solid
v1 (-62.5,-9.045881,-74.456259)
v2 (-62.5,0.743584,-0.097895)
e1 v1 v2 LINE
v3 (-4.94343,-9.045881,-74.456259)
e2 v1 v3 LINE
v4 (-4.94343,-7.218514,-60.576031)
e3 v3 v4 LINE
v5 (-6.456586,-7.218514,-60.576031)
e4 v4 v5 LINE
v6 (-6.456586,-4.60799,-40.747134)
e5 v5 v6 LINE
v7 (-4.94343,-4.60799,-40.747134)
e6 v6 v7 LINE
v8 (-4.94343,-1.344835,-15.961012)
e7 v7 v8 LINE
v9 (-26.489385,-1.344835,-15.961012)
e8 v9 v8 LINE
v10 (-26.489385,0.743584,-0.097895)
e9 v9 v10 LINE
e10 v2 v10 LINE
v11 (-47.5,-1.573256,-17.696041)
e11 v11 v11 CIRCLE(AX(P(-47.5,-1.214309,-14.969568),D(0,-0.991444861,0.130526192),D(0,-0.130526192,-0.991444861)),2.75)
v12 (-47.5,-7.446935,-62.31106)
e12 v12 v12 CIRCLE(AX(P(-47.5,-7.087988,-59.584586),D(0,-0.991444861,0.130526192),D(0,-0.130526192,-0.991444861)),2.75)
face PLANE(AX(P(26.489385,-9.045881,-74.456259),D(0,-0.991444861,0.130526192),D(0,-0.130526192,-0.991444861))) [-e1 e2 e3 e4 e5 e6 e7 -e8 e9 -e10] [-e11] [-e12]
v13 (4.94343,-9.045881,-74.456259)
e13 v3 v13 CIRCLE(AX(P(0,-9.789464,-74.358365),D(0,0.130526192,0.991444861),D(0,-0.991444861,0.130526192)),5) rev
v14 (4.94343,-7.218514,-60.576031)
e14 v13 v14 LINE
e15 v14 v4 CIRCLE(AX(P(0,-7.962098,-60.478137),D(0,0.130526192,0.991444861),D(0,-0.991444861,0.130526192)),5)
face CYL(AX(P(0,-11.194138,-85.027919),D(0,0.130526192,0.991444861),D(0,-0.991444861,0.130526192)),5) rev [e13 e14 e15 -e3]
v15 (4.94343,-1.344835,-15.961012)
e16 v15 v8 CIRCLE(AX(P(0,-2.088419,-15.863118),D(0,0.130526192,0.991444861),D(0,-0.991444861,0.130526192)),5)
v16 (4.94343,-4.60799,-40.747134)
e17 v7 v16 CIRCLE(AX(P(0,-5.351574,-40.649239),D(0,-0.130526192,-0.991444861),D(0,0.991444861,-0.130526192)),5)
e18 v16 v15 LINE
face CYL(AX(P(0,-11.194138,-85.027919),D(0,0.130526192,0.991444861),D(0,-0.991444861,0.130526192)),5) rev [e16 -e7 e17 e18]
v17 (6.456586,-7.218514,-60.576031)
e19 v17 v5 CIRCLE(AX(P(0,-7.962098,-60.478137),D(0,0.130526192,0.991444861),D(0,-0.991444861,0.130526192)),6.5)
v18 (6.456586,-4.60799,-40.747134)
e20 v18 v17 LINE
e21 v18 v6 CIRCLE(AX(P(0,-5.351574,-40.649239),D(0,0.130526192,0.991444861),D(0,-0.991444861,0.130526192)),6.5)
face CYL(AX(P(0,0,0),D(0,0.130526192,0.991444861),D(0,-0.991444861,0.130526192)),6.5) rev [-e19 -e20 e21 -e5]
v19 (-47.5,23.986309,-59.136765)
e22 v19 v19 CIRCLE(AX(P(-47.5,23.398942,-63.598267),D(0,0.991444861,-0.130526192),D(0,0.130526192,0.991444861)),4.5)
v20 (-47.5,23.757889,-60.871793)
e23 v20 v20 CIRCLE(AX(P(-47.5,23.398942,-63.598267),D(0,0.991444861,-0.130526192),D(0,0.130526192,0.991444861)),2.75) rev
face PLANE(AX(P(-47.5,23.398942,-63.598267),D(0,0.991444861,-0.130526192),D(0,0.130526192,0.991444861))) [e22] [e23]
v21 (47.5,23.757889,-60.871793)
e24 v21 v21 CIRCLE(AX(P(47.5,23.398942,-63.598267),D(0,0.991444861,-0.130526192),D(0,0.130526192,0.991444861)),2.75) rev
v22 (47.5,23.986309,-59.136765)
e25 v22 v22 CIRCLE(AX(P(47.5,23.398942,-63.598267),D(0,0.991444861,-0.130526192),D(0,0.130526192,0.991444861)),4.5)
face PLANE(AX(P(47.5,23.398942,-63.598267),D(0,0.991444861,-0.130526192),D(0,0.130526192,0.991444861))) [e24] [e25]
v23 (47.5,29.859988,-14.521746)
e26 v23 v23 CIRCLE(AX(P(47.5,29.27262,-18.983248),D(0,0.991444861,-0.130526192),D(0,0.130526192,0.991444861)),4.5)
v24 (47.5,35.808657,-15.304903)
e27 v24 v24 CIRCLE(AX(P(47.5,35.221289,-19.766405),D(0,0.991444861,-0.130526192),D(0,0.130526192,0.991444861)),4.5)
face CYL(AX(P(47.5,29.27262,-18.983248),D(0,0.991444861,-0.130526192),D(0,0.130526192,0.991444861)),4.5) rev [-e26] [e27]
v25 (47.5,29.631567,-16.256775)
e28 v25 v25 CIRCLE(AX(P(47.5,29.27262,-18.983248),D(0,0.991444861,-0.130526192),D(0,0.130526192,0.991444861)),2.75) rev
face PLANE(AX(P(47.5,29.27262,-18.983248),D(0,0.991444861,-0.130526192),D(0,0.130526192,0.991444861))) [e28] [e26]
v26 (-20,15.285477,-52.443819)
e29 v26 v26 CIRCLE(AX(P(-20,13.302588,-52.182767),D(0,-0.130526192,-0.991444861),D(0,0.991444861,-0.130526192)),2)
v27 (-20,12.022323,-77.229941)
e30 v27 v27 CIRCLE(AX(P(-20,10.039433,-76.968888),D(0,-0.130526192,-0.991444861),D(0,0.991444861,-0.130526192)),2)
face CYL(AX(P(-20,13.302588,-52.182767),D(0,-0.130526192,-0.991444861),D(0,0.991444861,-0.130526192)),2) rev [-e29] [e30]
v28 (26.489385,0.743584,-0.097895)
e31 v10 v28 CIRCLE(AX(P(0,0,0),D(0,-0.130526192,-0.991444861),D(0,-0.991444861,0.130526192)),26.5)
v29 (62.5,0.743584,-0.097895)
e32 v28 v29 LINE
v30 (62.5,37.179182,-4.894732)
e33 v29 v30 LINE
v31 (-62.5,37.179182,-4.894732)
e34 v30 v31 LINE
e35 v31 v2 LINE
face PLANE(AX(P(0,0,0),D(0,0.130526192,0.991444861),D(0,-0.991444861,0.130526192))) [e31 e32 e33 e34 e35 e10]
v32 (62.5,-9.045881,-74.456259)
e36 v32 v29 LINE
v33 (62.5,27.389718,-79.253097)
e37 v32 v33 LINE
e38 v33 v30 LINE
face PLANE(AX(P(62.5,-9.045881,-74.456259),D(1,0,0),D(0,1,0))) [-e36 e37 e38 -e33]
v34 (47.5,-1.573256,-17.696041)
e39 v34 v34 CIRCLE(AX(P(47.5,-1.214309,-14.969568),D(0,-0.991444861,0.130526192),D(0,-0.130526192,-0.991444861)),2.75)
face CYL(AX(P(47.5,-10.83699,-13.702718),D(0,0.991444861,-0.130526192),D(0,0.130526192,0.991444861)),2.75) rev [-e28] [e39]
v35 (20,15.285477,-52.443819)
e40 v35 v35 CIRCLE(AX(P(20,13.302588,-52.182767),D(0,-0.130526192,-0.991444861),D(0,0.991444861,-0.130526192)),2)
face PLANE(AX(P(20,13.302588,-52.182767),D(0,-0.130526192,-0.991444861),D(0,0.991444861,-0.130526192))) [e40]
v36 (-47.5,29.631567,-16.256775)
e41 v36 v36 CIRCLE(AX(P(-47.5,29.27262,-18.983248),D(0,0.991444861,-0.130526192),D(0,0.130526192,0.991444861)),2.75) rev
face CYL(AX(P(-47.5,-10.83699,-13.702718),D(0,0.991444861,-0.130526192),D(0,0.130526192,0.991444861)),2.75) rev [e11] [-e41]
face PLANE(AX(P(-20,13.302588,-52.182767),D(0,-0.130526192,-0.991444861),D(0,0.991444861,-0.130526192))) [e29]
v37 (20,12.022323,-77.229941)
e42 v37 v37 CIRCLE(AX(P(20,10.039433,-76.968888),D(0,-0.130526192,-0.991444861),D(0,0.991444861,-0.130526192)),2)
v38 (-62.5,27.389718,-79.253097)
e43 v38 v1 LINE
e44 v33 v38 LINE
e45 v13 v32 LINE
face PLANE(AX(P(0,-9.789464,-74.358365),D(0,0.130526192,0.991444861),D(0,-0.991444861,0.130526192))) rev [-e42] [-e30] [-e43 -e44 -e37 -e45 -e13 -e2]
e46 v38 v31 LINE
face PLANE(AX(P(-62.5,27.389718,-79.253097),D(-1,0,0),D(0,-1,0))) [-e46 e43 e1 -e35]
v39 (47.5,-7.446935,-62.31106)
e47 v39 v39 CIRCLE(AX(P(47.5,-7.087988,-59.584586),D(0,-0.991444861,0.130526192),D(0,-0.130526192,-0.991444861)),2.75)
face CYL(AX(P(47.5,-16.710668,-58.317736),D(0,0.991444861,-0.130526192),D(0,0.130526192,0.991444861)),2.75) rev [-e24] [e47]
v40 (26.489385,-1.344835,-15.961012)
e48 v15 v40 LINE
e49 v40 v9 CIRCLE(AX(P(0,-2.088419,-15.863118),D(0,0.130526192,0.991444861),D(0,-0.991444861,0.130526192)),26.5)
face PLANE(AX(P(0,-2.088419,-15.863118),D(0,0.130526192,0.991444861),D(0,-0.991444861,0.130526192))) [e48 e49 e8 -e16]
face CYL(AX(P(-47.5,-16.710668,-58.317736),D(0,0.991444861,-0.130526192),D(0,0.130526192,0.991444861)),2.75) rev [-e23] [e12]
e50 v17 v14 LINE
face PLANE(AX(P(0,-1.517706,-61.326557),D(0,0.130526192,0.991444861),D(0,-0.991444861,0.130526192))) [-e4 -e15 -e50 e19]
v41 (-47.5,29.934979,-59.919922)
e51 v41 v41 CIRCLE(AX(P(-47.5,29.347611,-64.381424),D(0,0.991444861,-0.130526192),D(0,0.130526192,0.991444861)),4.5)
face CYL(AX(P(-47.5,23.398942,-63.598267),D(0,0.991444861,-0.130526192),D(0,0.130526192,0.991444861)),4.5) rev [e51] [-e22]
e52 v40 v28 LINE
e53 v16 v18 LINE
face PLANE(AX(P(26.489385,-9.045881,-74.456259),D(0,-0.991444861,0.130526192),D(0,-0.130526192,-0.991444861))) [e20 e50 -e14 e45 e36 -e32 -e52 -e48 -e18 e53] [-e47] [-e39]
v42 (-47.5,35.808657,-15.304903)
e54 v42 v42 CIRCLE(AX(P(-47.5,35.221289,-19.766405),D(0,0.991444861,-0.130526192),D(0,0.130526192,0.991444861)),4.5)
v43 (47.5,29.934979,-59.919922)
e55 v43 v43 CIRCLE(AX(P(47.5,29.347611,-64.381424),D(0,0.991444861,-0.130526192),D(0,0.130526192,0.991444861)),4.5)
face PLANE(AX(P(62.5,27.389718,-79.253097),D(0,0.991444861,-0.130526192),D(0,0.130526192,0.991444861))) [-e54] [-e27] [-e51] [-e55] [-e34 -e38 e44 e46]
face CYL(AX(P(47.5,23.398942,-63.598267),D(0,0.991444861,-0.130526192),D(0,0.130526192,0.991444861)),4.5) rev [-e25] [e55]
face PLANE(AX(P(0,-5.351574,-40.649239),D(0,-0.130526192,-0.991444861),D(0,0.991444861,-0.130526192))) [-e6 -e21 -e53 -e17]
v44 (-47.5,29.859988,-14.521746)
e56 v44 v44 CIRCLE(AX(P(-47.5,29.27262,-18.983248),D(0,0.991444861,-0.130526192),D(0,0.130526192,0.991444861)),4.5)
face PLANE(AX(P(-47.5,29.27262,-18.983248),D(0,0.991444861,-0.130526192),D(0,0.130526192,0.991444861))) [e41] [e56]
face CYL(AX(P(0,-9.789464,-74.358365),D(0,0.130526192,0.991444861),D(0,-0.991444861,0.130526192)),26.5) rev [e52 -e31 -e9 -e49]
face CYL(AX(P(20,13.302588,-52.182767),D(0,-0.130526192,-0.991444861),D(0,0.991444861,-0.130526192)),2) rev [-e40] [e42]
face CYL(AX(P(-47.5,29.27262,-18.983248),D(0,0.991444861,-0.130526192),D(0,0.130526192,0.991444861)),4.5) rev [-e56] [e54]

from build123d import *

# Parameters (mm, degrees)
EXTRUDE_TOP_BLOCK_DEPTH             = 75
CUT_EXTRUDE_BOLT_PATTERN_DEPTH      = 108.574034239
CUT_EXTRUDE_BOLT_PATTERN_DEPTH_BACK = 108.574034239
SKETCH2_R                           = 2.75
EXTRUDE_START                       = -16
EXTRUDE_ADDITION_MATERIAL_DEPTH     = 59
CUT_EXTRUDE_SHAFT_PATHWAY_REACH     = 99.296
SKETCH7_R                           = 2
CUT_EXTRUDE1_DEPTH                  = 25
SKETCH8_R                           = 4.5
CUT_EXTRUDE2_DEPTH                  = 6


with BuildPart() as part:
    # Sketch1 → Extrude Top Block (new body)
    with BuildSketch(Plane(origin=(0, 0, 0), x_dir=(1, 0, 0), z_dir=(0, 0.13052619222003847, 0.9914448613738122))):
        with BuildLine():
            Line((62.5, 0.75), (62.5, 37.5))
            Line((62.5, 37.5), (-62.5, 37.5))
            Line((-62.5, 37.5), (-62.5, 0.75))
            Line((-62.5, 0.75), (-26.489384666, 0.75))
            ThreePointArc((-26.489384666, 0.75), (0, 26.5), (26.489384666, 0.75))
            Line((26.489384666, 0.75), (62.5, 0.75))
        make_face()
    extrude(amount=-EXTRUDE_TOP_BLOCK_DEPTH)

    # Sketch2 → Cut-Extrude Bolt Pattern (cut, two sides: drawn at the far end of the back side and taken through both)
    with BuildSketch(Plane(origin=(0, 37.179182302, -4.894732208), x_dir=(1, 0, 0), z_dir=(0, 0.9914448613738122, -0.13052619222003847)).offset(-CUT_EXTRUDE_BOLT_PATTERN_DEPTH_BACK)):
        with Locations(Location((-47.5, 15, 0), (0, 0, 270))):
            Circle(SKETCH2_R)
        with Locations(Location((-47.5, 60, 0), (0, 0, 270))):
            Circle(SKETCH2_R)
        with Locations(Location((47.5, 15, 0), (0, 0, 270))):
            Circle(SKETCH2_R)
        with Locations(Location((47.5, 60, 0), (0, 0, 270))):
            Circle(SKETCH2_R)
    extrude(amount=CUT_EXTRUDE_BOLT_PATTERN_DEPTH + CUT_EXTRUDE_BOLT_PATTERN_DEPTH_BACK, mode=Mode.SUBTRACT)

    # Sketch4 → Extrude Addition Material (add)
    with BuildSketch(Plane(origin=(0, 0, 0), x_dir=(1, 0, 0), z_dir=(0, 0.13052619222003847, 0.9914448613738122)).offset(EXTRUDE_START)):
        with BuildLine():
            Line((-26.489384666, 0.75), (26.489384666, 0.75))
            ThreePointArc((26.489384666, 0.75), (0, 26.5), (-26.489384666, 0.75))
        make_face()
    extrude(amount=-EXTRUDE_ADDITION_MATERIAL_DEPTH)

    # Sketch3 → Cut-Extrude Seat for Linear Bearing (revolve, cut)
    with BuildSketch(Plane(origin=(0, 0, 0), x_dir=(0, 0, -1), z_dir=(1, 0, 0))):
        Polygon((41.497659566, 1.092817718), (61.326556793, -1.517706126), (60.478136544, -7.962097725), (40.649239316, -5.351573881), align=None)
    revolve(axis=Axis((0, 0, 0), (0, -0.1305261922200383, -0.9914448613738122)), mode=Mode.SUBTRACT)

    # Cut-Extrude Shaft Pathway: up to this face of the body (flat: up to its plane)
    cut_extrude_shaft_pathway_end = Plane(part.part.faces().sort_by_distance((0, 9.171918557, -76.854678029))[0])
    # Sketch6 → Cut-Extrude Shaft Pathway (cut, up to the picked face)
    with BuildSketch(Plane(origin=(0, -2.088419076, -15.863117782), x_dir=(1, 0, 0), z_dir=(0, 0.13052619222003847, 0.9914448613738122)), mode=Mode.PRIVATE) as cut_extrude_shaft_pathway_sk1:
        with BuildLine():
            Line((-4.943429983, 0.75), (4.943429983, 0.75))
            ThreePointArc((4.943429983, 0.75), (0, 5), (-4.943429983, 0.75))
        make_face()
    cut_extrude_shaft_pathway_tool1 = split(extrude(cut_extrude_shaft_pathway_sk1.sketch, amount=-CUT_EXTRUDE_SHAFT_PATHWAY_REACH, mode=Mode.PRIVATE), bisect_by=cut_extrude_shaft_pathway_end, keep=Keep.BOTH, mode=Mode.PRIVATE)
    add(cut_extrude_shaft_pathway_tool1.solids().sort_by(Axis((0, 0.422663, -16.193708), (0, -0.13052619222003847, -0.9914448613738122)))[0], mode=Mode.SUBTRACT)

    # Sketch7 → Cut-Extrude1 (cut)
    with BuildSketch(Plane(origin=(0, -9.789464417, -74.358364603), x_dir=(-1, 0, 0), z_dir=(0, -0.13052619222003847, -0.9914448613738122))):
        with Locations(Location((-20, 20, 0), (0, 0, 90))):
            Circle(SKETCH7_R)
        with Locations(Location((20, 20, 0), (0, 0, 90))):
            Circle(SKETCH7_R)
    extrude(amount=-CUT_EXTRUDE1_DEPTH, mode=Mode.SUBTRACT)

    # Sketch8 → Cut-Extrude2 (cut)
    with BuildSketch(Plane(origin=(0, 37.179182302, -4.894732208), x_dir=(1, 0, 0), z_dir=(0, 0.9914448613738122, -0.13052619222003847))):
        with Locations(Location((47.5, 15, 0), (0, 0, 270))):
            Circle(SKETCH8_R)
        with Locations(Location((47.5, 60, 0), (0, 0, 270))):
            Circle(SKETCH8_R)
        with Locations(Location((-47.5, 15, 0), (0, 0, 270))):
            Circle(SKETCH8_R)
        with Locations(Location((-47.5, 60, 0), (0, 0, 270))):
            Circle(SKETCH8_R)
    extrude(amount=-CUT_EXTRUDE2_DEPTH, mode=Mode.SUBTRACT)


solid = part.part
